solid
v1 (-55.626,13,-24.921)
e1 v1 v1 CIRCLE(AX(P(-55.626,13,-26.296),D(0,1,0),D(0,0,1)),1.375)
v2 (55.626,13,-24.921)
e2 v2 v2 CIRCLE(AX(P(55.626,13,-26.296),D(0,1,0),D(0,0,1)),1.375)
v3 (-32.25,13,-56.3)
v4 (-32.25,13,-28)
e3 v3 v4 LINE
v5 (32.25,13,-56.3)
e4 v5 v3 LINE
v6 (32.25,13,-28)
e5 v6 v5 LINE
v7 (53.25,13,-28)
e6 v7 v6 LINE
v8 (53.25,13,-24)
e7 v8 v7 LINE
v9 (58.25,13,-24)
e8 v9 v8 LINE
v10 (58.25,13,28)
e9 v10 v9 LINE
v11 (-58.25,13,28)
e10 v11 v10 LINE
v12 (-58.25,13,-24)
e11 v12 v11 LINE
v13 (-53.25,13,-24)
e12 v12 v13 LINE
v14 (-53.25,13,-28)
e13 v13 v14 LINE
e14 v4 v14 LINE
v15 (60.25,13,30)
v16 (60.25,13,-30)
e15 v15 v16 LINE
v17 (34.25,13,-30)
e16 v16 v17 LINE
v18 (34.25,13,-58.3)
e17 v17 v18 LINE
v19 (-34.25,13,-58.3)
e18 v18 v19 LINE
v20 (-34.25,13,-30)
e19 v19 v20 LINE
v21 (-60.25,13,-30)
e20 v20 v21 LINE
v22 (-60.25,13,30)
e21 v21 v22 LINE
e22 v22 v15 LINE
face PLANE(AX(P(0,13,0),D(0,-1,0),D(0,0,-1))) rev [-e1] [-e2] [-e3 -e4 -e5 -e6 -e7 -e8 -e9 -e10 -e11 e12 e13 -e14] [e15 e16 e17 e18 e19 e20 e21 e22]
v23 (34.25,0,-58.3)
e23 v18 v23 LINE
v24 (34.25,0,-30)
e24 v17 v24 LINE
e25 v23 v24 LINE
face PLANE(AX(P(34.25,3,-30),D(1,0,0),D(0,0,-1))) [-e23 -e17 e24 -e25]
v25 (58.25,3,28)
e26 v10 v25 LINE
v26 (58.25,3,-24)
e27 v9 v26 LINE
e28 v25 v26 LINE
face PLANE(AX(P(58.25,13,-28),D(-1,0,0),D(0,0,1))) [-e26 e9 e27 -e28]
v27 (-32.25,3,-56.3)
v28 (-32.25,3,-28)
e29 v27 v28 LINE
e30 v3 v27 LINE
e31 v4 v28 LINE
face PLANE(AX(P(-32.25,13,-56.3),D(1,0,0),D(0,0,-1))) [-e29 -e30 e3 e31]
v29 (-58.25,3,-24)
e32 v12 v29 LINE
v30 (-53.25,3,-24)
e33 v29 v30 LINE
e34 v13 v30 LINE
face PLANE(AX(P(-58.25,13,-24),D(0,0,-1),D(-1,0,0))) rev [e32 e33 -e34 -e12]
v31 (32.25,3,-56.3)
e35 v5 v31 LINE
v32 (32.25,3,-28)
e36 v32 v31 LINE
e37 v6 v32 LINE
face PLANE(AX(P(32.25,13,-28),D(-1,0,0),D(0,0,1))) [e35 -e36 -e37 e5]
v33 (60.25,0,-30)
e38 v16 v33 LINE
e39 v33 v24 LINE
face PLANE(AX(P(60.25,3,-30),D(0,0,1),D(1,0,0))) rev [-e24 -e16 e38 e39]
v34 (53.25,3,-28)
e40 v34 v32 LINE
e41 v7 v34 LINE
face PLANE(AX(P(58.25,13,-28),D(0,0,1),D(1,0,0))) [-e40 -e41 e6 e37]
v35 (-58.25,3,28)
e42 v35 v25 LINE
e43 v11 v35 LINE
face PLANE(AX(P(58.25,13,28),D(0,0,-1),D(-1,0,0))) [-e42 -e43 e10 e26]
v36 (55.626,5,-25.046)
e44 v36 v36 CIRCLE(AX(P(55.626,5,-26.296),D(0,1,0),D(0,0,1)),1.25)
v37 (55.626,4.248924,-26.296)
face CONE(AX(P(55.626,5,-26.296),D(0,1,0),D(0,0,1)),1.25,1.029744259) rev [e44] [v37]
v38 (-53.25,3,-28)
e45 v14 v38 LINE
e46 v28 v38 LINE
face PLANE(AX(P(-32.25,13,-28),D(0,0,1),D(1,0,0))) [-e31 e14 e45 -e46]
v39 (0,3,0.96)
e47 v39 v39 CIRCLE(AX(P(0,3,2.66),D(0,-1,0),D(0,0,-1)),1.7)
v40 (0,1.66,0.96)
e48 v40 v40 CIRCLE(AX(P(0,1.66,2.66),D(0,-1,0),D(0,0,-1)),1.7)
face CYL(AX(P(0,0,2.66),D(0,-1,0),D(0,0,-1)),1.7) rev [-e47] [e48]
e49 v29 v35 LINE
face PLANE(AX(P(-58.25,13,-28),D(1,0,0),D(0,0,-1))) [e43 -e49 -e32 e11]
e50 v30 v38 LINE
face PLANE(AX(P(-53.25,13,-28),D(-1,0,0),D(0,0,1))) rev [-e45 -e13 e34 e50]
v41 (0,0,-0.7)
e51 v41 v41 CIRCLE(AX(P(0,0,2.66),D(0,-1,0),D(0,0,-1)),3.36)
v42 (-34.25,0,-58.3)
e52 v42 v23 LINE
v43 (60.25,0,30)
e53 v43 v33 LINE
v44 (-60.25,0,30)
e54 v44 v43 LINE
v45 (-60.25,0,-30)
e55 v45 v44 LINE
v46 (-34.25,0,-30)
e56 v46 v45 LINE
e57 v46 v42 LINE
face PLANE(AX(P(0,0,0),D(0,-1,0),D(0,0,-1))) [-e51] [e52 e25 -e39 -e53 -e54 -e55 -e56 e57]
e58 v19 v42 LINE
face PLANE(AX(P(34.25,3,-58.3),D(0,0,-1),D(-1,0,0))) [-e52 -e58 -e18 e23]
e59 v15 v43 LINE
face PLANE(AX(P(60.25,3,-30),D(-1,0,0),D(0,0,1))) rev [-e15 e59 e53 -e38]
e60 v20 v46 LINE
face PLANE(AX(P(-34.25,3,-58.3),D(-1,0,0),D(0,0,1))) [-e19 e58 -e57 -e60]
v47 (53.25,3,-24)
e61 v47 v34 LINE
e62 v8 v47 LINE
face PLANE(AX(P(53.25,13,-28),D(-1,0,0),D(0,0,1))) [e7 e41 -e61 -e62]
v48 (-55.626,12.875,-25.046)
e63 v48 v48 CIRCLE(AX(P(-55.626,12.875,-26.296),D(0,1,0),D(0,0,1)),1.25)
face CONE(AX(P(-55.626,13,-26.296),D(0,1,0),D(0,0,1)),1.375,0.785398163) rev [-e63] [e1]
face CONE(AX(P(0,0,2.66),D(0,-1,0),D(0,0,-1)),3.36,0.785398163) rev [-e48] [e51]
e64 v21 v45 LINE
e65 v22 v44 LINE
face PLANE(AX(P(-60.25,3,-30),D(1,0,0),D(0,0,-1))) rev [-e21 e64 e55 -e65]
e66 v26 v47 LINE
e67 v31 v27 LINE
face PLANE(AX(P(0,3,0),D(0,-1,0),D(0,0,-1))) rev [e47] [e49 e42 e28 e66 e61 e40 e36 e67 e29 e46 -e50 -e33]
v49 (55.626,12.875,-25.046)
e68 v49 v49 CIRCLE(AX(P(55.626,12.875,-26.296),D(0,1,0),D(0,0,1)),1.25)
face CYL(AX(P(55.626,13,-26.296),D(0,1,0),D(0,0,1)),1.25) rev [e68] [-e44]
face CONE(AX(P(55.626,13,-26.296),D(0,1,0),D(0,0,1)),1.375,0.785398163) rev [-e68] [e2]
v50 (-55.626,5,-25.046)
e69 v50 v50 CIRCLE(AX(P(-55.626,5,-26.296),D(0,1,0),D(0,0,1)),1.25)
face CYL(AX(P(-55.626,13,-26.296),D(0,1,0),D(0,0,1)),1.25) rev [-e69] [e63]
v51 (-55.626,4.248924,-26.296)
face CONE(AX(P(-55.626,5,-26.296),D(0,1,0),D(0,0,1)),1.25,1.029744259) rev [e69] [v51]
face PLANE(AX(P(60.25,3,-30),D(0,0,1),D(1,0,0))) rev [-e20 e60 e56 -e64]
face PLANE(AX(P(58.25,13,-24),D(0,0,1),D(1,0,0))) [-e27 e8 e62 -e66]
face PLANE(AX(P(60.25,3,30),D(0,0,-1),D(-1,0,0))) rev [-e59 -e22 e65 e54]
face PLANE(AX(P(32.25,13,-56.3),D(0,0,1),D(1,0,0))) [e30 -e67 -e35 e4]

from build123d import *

# Parameters (mm, degrees)
SKETCH1_W                                            = 120.5
SKETCH1_H                                            = 60
BOSS_EXTRUDE1_DEPTH                                  = 3
SKETCH3_W                                            = 68.5
SKETCH3_H                                            = 28.3
BOSS_EXTRUDE3_DEPTH                                  = 3
BOSS_EXTRUDE2_DEPTH                                  = 10
CSK_FOR_M3_HEX_SOCKET_COUNTERSUNK_CAP_SC_D           = 3.4
CSK_FOR_M3_HEX_SOCKET_COUNTERSUNK_CAP_SC_CSINK_D     = 6.72
CSK_FOR_M3_HEX_SOCKET_COUNTERSUNK_CAP_SC_CSINK_ANGLE = 90
SKETCH6_W                                            = 5
SKETCH6_H                                            = 4
BOSS_EXTRUDE4_DEPTH                                  = 10


with BuildPart() as part:
    # Sketch1 → Boss-Extrude1 (new body)
    with BuildSketch(Plane(origin=(0, 0, 0), x_dir=(1, 0, 0), z_dir=(0, 1, 0))):
        Rectangle(SKETCH1_W, SKETCH1_H)
    extrude(amount=BOSS_EXTRUDE1_DEPTH)

    # Sketch3 → Boss-Extrude3 (add)
    with BuildSketch(Plane.XZ):
        with Locations((0, -44.15)):
            Rectangle(SKETCH3_W, SKETCH3_H)
    extrude(amount=-BOSS_EXTRUDE3_DEPTH)

    # Sketch2 → Boss-Extrude2 (add)
    with BuildSketch(Plane(origin=(0, 3, 0), x_dir=(1, 0, 0), z_dir=(0, 1, 0))):
        Polygon((60.25, 30), (34.25, 30), (34.25, 58.3), (-34.25, 58.3), (-34.25, 30), (-60.25, 30), (-60.25, -30), (60.25, -30), align=None)
        Polygon((-32.25, 28), (-58.25, 28), (-58.25, -28), (58.25, -28), (58.25, 28), (32.25, 28), (32.25, 56.3), (-32.25, 56.3), align=None, mode=Mode.SUBTRACT)
    extrude(amount=BOSS_EXTRUDE2_DEPTH)

    # CSK for M3 Hex Socket Countersunk Cap Screw1 (through all)
    with Locations(Plane(origin=(0, 0, 0), x_dir=(-1, 0, 0), z_dir=(0, -1, 0))):
        with Locations((0, -2.66)):
            CounterSinkHole(CSK_FOR_M3_HEX_SOCKET_COUNTERSUNK_CAP_SC_D / 2, CSK_FOR_M3_HEX_SOCKET_COUNTERSUNK_CAP_SC_CSINK_D / 2, counter_sink_angle=CSK_FOR_M3_HEX_SOCKET_COUNTERSUNK_CAP_SC_CSINK_ANGLE)

    # Sketch6 → Boss-Extrude4 (add)
    with BuildSketch(Plane(origin=(0, 3, 0), x_dir=(1, 0, 0), z_dir=(0, 1, 0))):
        with Locations((-55.75, 26)):
            Rectangle(SKETCH6_W, SKETCH6_H)
    boss_extrude4 = extrude(amount=BOSS_EXTRUDE4_DEPTH)

    # Sketch8 → Ø2.5 (2.5) Diameter Hole1 (revolve, cut)
    with BuildSketch(Plane(origin=(-55.626, 13, -26.296), x_dir=(0, 0, 1), z_dir=(1, 0, 0))):
        Polygon((0, 0), (0, 8.751075774), (1.25, 8), (1.25, 0.125), (1.375, 0), align=None)
    f_2_5_2_5_diameter_hole1 = revolve(axis=Axis((-55.626, 19.35, -26.296), (0, -1, 0)), mode=Mode.SUBTRACT)

    # Mirror1: Boss-Extrude4, Ø2.5 (2.5) Diameter Hole1 across plane
    add(boss_extrude4.mirror(Plane(origin=(0, 0, 0), x_dir=(0, 0, 1), z_dir=(1, 0, 0))))
    add(f_2_5_2_5_diameter_hole1.mirror(Plane(origin=(0, 0, 0), x_dir=(0, 0, 1), z_dir=(1, 0, 0))), mode=Mode.SUBTRACT)


solid = part.part
